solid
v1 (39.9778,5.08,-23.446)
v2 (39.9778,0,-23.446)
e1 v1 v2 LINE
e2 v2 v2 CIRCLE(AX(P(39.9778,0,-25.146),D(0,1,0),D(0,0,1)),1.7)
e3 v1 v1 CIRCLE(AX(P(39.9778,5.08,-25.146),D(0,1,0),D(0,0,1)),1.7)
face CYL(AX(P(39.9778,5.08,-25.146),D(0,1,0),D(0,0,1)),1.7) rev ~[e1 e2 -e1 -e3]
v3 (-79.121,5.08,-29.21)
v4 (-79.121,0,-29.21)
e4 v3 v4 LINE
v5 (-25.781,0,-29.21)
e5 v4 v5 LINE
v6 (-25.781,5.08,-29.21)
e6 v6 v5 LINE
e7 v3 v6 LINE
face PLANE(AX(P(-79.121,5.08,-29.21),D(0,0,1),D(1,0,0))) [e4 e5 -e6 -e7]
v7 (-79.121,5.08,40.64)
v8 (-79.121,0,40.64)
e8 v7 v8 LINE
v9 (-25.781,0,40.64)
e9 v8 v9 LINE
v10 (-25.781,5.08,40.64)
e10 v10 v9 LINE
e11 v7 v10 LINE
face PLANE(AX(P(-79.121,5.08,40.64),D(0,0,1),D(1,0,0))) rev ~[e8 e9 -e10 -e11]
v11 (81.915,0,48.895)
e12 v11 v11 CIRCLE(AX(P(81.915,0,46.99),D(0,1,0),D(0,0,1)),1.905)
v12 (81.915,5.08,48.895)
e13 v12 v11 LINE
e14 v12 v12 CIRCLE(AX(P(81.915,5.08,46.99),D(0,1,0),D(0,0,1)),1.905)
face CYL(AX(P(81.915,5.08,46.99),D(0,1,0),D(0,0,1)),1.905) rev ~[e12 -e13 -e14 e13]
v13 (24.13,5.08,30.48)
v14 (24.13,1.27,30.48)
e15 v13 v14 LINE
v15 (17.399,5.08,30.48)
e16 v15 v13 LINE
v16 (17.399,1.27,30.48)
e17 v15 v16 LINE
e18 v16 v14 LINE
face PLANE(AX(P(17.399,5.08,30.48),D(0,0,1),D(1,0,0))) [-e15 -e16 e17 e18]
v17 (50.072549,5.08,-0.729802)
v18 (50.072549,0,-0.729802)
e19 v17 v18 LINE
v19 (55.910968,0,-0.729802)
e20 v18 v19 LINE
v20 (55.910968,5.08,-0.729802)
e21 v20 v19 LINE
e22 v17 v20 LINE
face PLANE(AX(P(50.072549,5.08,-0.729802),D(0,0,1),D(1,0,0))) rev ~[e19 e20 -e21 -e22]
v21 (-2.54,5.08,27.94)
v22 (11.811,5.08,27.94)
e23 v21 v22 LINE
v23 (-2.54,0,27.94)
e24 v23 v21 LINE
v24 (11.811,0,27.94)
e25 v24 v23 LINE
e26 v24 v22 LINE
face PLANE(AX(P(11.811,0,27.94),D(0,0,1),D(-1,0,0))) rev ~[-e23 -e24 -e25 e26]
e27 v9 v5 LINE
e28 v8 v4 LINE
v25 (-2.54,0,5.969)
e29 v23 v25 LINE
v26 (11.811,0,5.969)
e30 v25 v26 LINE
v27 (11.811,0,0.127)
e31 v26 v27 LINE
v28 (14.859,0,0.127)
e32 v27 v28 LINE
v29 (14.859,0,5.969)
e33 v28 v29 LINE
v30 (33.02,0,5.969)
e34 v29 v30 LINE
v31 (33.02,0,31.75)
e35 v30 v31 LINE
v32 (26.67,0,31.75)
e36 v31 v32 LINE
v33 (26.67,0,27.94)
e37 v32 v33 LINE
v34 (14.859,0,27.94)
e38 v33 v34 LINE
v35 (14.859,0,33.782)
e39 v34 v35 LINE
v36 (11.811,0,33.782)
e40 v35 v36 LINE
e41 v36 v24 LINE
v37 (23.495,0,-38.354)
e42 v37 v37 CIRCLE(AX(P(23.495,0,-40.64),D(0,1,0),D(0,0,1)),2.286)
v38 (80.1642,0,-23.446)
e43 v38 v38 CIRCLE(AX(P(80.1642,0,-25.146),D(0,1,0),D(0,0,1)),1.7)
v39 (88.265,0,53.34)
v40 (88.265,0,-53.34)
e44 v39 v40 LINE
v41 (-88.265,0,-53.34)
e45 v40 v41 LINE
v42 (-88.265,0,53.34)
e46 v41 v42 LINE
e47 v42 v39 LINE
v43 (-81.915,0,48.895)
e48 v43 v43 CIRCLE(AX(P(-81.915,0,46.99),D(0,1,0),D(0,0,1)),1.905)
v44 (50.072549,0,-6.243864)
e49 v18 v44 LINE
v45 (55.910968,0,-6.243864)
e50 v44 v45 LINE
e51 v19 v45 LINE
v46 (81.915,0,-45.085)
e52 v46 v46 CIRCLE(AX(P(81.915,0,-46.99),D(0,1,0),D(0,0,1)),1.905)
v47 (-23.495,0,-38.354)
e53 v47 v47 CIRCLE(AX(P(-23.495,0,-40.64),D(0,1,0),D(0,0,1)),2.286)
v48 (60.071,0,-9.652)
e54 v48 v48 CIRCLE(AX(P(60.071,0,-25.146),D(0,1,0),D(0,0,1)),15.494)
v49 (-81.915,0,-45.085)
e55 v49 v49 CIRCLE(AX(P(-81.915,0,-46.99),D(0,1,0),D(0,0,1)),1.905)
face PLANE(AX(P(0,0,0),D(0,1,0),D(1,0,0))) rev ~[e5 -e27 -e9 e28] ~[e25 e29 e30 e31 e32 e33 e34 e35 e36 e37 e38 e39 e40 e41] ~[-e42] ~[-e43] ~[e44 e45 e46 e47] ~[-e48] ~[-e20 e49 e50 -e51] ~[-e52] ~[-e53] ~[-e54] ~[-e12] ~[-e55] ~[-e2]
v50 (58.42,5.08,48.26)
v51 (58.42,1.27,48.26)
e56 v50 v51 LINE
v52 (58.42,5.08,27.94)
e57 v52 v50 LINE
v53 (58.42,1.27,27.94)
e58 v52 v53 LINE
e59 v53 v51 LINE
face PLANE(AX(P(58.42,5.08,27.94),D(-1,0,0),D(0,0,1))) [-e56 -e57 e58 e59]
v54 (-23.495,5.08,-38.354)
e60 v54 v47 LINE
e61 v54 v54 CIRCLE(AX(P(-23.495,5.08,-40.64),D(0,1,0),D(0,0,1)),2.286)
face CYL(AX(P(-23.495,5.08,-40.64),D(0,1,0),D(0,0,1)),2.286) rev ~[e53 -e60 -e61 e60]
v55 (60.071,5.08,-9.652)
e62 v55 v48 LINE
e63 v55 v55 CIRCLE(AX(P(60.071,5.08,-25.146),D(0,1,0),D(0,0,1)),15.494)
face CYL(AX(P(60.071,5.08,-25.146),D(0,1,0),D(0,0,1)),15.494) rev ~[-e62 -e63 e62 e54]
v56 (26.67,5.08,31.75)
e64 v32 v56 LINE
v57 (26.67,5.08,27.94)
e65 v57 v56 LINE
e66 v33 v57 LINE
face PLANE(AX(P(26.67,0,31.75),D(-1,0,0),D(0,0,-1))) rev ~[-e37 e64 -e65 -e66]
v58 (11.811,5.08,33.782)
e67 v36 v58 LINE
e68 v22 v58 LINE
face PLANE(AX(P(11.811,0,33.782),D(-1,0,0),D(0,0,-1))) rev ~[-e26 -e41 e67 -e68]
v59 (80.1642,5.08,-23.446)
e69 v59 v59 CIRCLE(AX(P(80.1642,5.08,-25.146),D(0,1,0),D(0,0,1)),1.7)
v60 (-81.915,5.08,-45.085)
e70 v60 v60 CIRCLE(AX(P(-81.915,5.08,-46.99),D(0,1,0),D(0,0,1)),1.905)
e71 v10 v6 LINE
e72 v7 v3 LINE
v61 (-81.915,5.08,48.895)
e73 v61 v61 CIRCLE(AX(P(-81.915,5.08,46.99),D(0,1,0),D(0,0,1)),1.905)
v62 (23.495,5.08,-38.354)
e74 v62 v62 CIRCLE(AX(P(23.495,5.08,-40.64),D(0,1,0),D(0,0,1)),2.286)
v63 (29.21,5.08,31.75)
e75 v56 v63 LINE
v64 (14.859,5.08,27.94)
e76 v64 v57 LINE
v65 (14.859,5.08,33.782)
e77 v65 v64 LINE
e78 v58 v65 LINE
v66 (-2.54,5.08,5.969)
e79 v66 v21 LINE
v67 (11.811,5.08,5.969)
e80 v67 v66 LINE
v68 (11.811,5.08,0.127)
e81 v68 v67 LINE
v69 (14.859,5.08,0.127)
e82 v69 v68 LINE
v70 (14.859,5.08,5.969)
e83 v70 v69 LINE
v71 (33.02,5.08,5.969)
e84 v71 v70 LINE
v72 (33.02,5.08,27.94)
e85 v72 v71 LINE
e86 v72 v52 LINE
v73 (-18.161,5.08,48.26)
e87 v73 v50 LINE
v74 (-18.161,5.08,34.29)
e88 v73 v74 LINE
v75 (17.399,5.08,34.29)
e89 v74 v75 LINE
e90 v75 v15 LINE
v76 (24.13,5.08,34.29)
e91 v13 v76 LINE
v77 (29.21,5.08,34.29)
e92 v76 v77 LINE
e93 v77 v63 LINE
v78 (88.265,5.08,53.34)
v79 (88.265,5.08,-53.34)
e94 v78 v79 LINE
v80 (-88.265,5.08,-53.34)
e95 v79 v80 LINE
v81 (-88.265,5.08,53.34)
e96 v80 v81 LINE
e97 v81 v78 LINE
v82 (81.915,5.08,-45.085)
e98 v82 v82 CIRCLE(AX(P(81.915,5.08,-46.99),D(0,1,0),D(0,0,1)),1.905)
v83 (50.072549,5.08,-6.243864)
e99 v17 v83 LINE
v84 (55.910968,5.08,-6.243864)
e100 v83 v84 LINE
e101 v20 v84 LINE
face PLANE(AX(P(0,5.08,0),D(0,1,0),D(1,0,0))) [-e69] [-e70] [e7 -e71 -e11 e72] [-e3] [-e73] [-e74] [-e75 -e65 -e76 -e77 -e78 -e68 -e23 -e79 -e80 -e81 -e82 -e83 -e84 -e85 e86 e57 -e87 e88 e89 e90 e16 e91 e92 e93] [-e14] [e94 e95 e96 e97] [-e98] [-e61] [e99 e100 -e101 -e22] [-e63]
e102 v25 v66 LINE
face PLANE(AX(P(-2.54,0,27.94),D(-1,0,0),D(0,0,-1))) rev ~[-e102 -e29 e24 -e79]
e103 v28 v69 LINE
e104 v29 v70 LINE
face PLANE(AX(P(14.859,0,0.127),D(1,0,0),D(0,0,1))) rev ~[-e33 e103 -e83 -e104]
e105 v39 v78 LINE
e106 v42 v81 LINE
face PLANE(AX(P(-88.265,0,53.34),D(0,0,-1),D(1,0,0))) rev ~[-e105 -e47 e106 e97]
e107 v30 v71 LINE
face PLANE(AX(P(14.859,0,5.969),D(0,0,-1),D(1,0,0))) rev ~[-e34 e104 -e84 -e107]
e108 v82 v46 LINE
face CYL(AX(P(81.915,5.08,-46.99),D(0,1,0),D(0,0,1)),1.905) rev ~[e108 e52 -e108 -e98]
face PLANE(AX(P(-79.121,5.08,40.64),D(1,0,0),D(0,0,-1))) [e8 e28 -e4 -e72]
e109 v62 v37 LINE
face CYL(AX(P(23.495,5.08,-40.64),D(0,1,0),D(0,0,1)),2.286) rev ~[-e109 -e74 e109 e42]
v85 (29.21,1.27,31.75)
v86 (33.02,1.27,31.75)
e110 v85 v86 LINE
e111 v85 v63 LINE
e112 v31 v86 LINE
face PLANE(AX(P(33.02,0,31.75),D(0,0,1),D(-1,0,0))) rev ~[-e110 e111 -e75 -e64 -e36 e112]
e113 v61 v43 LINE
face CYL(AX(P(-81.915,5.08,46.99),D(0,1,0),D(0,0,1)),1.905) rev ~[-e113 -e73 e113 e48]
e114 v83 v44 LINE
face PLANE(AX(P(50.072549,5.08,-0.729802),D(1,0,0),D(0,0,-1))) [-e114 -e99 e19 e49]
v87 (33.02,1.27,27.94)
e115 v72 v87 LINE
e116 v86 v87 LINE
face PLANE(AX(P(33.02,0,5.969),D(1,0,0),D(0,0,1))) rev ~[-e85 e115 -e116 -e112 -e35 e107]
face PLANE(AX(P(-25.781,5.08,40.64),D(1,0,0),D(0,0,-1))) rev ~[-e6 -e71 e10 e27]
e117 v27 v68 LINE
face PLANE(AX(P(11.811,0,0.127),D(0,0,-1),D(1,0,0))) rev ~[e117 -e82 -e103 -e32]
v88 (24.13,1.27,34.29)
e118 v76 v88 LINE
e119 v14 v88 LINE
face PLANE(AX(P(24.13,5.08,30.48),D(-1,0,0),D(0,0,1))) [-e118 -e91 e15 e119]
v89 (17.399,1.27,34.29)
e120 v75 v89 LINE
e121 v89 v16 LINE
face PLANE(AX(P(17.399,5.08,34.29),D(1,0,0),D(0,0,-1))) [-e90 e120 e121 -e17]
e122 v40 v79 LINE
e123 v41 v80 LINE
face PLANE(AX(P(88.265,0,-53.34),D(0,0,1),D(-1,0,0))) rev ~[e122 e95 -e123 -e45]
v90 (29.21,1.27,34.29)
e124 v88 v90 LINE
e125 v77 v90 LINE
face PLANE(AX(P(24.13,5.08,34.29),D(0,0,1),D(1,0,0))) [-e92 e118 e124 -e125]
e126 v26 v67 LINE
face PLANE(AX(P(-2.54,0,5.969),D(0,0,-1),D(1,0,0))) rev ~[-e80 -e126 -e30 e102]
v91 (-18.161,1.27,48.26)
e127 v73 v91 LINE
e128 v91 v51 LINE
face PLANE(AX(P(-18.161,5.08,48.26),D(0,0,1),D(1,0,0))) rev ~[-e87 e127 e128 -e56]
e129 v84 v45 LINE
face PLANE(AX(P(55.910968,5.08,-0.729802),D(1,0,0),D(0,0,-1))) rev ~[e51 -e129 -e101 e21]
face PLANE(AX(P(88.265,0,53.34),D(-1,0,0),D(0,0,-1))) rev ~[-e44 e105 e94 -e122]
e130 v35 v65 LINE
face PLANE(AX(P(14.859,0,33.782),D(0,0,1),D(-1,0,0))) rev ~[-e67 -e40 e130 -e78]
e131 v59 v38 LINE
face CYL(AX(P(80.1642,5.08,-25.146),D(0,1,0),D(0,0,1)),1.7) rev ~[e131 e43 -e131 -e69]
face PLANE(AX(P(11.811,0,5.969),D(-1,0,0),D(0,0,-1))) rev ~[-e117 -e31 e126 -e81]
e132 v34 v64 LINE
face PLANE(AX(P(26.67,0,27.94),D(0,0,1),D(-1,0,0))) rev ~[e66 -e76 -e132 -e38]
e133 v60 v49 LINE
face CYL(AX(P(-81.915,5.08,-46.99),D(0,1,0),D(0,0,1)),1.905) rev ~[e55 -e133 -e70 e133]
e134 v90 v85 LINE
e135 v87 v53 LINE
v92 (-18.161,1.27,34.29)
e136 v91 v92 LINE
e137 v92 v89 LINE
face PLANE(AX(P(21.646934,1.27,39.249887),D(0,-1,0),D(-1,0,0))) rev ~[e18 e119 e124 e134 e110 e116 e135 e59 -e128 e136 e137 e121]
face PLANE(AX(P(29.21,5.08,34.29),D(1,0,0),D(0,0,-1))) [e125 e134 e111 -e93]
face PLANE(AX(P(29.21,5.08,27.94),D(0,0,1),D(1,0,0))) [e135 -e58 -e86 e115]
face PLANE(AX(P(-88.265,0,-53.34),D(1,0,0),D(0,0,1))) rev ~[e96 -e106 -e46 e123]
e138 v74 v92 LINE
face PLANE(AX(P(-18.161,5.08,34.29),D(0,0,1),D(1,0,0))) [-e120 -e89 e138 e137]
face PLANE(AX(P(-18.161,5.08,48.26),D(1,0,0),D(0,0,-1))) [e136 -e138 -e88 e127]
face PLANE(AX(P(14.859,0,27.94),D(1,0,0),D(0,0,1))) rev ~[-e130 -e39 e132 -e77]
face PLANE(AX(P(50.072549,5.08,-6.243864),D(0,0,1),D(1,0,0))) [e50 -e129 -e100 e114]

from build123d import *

# Parameters (mm, degrees)
BOSS_EXTRUDE1_DEPTH = 5.08
SKETCH3_R           = 1.905
CUT_EXTRUDE1_DEPTH  = 104.255373831
SKETCH4_R           = 1.905
SKETCH4_R_2         = 2.286
CUT_EXTRUDE2_DEPTH  = 104.255373831
CUT_EXTRUDE3_DEPTH  = 104.255373831
SKETCH6_R           = 15.494
SKETCH6_R_2         = 1.7
CUT_EXTRUDE4_DEPTH  = 104.255373831
SKETCH7_W           = 53.34
SKETCH7_H           = 69.85
CUT_EXTRUDE5_DEPTH  = 104.255373831
SKETCH8_W           = 5.838418679
SKETCH8_H           = 5.514062087
CUT_EXTRUDE6_DEPTH  = 104.255373831
CUT_EXTRUDE7_DEPTH  = 3.81


with BuildPart() as part:
    # Sketch1 → Boss-Extrude1 (new body)
    with BuildSketch(Plane(origin=(0, 0, 0), x_dir=(1, 0, 0), z_dir=(0, 1, 0))):
        Polygon((-15.621, -53.34), (15.621, -53.34), (88.265, -53.34), (88.265, 53.34), (-88.265, 53.34), (-88.265, -53.34), align=None)
    extrude(amount=BOSS_EXTRUDE1_DEPTH)

    # Sketch3 → Cut-Extrude1 (cut, through all)
    with BuildSketch(Plane(origin=(0, 5.08, 0), x_dir=(1, 0, 0), z_dir=(0, 1, 0))):
        with Locations(Location((-81.915, 46.99, 0), (0, 0, 270))):
            Circle(SKETCH3_R)
    extrude(amount=-CUT_EXTRUDE1_DEPTH, mode=Mode.SUBTRACT)

    # Sketch4 → Cut-Extrude2 (cut, through all)
    with BuildSketch(Plane(origin=(0, 5.08, 0), x_dir=(1, 0, 0), z_dir=(0, 1, 0))):
        with Locations(Location((81.915, 46.99, 0), (0, 0, 270))):
            Circle(SKETCH4_R)
        with Locations(Location((-81.915, -46.99, 0), (0, 0, 270))):
            Circle(SKETCH4_R)
        with Locations(Location((81.915, -46.99, 0), (0, 0, 270))):
            Circle(SKETCH4_R)
        with Locations(Location((23.495, 40.64, 0), (0, 0, 270))):
            Circle(SKETCH4_R_2)
        with Locations(Location((-23.495, 40.64, 0), (0, 0, 270))):
            Circle(SKETCH4_R_2)
    extrude(amount=-CUT_EXTRUDE2_DEPTH, mode=Mode.SUBTRACT)

    # Sketch5 → Cut-Extrude3 (cut, through all)
    with BuildSketch(Plane.XZ):
        Polygon((-2.54, 27.94), (-2.54, 5.969), (11.811, 5.969), (11.811, 0.127), (14.859, 0.127), (14.859, 5.969), (33.02, 5.969), (33.02, 29.21), (33.02, 31.75), (26.67, 31.75), (26.67, 27.94), (25.80916534, 27.94), (14.859, 27.94), (14.859, 33.782), (11.811, 33.782), (11.811, 27.94), align=None)
    extrude(amount=-CUT_EXTRUDE3_DEPTH, mode=Mode.SUBTRACT)

    # Sketch6 → Cut-Extrude4 (cut, through all)
    with BuildSketch(Plane(origin=(0, 5.08, 0), x_dir=(1, 0, 0), z_dir=(0, 1, 0))):
        with Locations(Location((60.071, 25.146, 0), (0, 0, 270))):
            Circle(SKETCH6_R)
        with Locations(Location((39.9778, 25.146, 0), (0, 0, 270))):
            Circle(SKETCH6_R_2)
        with Locations(Location((80.1642, 25.146, 0), (0, 0, 270))):
            Circle(SKETCH6_R_2)
    extrude(amount=-CUT_EXTRUDE4_DEPTH, mode=Mode.SUBTRACT)

    # Sketch7 → Cut-Extrude5 (cut, through all)
    with BuildSketch(Plane(origin=(0, 5.08, 0), x_dir=(1, 0, 0), z_dir=(0, 1, 0))):
        with Locations((-52.451, -5.715)):
            Rectangle(SKETCH7_W, SKETCH7_H)
    extrude(amount=-CUT_EXTRUDE5_DEPTH, mode=Mode.SUBTRACT)

    # Sketch8 → Cut-Extrude6 (cut, through all)
    with BuildSketch(Plane(origin=(0, 5.08, 0), x_dir=(1, 0, 0), z_dir=(0, 1, 0))):
        with Locations((52.991758435, 3.486833379)):
            Rectangle(SKETCH8_W, SKETCH8_H)
    extrude(amount=-CUT_EXTRUDE6_DEPTH, mode=Mode.SUBTRACT)

    # Sketch9 → Cut-Extrude7 (cut)
    with BuildSketch(Plane(origin=(0, 5.08, 0), x_dir=(1, 0, 0), z_dir=(0, 1, 0))):
        Polygon((29.21, -27.94), (58.42, -27.94), (58.42, -48.26), (32.552533169, -48.26), (-18.161, -48.26), (-18.161, -34.29), (17.399, -34.29), (17.399, -30.48), (24.13, -30.48), (24.13, -34.29), (29.21, -34.29), align=None)
    extrude(amount=-CUT_EXTRUDE7_DEPTH, mode=Mode.SUBTRACT)


solid = part.part
